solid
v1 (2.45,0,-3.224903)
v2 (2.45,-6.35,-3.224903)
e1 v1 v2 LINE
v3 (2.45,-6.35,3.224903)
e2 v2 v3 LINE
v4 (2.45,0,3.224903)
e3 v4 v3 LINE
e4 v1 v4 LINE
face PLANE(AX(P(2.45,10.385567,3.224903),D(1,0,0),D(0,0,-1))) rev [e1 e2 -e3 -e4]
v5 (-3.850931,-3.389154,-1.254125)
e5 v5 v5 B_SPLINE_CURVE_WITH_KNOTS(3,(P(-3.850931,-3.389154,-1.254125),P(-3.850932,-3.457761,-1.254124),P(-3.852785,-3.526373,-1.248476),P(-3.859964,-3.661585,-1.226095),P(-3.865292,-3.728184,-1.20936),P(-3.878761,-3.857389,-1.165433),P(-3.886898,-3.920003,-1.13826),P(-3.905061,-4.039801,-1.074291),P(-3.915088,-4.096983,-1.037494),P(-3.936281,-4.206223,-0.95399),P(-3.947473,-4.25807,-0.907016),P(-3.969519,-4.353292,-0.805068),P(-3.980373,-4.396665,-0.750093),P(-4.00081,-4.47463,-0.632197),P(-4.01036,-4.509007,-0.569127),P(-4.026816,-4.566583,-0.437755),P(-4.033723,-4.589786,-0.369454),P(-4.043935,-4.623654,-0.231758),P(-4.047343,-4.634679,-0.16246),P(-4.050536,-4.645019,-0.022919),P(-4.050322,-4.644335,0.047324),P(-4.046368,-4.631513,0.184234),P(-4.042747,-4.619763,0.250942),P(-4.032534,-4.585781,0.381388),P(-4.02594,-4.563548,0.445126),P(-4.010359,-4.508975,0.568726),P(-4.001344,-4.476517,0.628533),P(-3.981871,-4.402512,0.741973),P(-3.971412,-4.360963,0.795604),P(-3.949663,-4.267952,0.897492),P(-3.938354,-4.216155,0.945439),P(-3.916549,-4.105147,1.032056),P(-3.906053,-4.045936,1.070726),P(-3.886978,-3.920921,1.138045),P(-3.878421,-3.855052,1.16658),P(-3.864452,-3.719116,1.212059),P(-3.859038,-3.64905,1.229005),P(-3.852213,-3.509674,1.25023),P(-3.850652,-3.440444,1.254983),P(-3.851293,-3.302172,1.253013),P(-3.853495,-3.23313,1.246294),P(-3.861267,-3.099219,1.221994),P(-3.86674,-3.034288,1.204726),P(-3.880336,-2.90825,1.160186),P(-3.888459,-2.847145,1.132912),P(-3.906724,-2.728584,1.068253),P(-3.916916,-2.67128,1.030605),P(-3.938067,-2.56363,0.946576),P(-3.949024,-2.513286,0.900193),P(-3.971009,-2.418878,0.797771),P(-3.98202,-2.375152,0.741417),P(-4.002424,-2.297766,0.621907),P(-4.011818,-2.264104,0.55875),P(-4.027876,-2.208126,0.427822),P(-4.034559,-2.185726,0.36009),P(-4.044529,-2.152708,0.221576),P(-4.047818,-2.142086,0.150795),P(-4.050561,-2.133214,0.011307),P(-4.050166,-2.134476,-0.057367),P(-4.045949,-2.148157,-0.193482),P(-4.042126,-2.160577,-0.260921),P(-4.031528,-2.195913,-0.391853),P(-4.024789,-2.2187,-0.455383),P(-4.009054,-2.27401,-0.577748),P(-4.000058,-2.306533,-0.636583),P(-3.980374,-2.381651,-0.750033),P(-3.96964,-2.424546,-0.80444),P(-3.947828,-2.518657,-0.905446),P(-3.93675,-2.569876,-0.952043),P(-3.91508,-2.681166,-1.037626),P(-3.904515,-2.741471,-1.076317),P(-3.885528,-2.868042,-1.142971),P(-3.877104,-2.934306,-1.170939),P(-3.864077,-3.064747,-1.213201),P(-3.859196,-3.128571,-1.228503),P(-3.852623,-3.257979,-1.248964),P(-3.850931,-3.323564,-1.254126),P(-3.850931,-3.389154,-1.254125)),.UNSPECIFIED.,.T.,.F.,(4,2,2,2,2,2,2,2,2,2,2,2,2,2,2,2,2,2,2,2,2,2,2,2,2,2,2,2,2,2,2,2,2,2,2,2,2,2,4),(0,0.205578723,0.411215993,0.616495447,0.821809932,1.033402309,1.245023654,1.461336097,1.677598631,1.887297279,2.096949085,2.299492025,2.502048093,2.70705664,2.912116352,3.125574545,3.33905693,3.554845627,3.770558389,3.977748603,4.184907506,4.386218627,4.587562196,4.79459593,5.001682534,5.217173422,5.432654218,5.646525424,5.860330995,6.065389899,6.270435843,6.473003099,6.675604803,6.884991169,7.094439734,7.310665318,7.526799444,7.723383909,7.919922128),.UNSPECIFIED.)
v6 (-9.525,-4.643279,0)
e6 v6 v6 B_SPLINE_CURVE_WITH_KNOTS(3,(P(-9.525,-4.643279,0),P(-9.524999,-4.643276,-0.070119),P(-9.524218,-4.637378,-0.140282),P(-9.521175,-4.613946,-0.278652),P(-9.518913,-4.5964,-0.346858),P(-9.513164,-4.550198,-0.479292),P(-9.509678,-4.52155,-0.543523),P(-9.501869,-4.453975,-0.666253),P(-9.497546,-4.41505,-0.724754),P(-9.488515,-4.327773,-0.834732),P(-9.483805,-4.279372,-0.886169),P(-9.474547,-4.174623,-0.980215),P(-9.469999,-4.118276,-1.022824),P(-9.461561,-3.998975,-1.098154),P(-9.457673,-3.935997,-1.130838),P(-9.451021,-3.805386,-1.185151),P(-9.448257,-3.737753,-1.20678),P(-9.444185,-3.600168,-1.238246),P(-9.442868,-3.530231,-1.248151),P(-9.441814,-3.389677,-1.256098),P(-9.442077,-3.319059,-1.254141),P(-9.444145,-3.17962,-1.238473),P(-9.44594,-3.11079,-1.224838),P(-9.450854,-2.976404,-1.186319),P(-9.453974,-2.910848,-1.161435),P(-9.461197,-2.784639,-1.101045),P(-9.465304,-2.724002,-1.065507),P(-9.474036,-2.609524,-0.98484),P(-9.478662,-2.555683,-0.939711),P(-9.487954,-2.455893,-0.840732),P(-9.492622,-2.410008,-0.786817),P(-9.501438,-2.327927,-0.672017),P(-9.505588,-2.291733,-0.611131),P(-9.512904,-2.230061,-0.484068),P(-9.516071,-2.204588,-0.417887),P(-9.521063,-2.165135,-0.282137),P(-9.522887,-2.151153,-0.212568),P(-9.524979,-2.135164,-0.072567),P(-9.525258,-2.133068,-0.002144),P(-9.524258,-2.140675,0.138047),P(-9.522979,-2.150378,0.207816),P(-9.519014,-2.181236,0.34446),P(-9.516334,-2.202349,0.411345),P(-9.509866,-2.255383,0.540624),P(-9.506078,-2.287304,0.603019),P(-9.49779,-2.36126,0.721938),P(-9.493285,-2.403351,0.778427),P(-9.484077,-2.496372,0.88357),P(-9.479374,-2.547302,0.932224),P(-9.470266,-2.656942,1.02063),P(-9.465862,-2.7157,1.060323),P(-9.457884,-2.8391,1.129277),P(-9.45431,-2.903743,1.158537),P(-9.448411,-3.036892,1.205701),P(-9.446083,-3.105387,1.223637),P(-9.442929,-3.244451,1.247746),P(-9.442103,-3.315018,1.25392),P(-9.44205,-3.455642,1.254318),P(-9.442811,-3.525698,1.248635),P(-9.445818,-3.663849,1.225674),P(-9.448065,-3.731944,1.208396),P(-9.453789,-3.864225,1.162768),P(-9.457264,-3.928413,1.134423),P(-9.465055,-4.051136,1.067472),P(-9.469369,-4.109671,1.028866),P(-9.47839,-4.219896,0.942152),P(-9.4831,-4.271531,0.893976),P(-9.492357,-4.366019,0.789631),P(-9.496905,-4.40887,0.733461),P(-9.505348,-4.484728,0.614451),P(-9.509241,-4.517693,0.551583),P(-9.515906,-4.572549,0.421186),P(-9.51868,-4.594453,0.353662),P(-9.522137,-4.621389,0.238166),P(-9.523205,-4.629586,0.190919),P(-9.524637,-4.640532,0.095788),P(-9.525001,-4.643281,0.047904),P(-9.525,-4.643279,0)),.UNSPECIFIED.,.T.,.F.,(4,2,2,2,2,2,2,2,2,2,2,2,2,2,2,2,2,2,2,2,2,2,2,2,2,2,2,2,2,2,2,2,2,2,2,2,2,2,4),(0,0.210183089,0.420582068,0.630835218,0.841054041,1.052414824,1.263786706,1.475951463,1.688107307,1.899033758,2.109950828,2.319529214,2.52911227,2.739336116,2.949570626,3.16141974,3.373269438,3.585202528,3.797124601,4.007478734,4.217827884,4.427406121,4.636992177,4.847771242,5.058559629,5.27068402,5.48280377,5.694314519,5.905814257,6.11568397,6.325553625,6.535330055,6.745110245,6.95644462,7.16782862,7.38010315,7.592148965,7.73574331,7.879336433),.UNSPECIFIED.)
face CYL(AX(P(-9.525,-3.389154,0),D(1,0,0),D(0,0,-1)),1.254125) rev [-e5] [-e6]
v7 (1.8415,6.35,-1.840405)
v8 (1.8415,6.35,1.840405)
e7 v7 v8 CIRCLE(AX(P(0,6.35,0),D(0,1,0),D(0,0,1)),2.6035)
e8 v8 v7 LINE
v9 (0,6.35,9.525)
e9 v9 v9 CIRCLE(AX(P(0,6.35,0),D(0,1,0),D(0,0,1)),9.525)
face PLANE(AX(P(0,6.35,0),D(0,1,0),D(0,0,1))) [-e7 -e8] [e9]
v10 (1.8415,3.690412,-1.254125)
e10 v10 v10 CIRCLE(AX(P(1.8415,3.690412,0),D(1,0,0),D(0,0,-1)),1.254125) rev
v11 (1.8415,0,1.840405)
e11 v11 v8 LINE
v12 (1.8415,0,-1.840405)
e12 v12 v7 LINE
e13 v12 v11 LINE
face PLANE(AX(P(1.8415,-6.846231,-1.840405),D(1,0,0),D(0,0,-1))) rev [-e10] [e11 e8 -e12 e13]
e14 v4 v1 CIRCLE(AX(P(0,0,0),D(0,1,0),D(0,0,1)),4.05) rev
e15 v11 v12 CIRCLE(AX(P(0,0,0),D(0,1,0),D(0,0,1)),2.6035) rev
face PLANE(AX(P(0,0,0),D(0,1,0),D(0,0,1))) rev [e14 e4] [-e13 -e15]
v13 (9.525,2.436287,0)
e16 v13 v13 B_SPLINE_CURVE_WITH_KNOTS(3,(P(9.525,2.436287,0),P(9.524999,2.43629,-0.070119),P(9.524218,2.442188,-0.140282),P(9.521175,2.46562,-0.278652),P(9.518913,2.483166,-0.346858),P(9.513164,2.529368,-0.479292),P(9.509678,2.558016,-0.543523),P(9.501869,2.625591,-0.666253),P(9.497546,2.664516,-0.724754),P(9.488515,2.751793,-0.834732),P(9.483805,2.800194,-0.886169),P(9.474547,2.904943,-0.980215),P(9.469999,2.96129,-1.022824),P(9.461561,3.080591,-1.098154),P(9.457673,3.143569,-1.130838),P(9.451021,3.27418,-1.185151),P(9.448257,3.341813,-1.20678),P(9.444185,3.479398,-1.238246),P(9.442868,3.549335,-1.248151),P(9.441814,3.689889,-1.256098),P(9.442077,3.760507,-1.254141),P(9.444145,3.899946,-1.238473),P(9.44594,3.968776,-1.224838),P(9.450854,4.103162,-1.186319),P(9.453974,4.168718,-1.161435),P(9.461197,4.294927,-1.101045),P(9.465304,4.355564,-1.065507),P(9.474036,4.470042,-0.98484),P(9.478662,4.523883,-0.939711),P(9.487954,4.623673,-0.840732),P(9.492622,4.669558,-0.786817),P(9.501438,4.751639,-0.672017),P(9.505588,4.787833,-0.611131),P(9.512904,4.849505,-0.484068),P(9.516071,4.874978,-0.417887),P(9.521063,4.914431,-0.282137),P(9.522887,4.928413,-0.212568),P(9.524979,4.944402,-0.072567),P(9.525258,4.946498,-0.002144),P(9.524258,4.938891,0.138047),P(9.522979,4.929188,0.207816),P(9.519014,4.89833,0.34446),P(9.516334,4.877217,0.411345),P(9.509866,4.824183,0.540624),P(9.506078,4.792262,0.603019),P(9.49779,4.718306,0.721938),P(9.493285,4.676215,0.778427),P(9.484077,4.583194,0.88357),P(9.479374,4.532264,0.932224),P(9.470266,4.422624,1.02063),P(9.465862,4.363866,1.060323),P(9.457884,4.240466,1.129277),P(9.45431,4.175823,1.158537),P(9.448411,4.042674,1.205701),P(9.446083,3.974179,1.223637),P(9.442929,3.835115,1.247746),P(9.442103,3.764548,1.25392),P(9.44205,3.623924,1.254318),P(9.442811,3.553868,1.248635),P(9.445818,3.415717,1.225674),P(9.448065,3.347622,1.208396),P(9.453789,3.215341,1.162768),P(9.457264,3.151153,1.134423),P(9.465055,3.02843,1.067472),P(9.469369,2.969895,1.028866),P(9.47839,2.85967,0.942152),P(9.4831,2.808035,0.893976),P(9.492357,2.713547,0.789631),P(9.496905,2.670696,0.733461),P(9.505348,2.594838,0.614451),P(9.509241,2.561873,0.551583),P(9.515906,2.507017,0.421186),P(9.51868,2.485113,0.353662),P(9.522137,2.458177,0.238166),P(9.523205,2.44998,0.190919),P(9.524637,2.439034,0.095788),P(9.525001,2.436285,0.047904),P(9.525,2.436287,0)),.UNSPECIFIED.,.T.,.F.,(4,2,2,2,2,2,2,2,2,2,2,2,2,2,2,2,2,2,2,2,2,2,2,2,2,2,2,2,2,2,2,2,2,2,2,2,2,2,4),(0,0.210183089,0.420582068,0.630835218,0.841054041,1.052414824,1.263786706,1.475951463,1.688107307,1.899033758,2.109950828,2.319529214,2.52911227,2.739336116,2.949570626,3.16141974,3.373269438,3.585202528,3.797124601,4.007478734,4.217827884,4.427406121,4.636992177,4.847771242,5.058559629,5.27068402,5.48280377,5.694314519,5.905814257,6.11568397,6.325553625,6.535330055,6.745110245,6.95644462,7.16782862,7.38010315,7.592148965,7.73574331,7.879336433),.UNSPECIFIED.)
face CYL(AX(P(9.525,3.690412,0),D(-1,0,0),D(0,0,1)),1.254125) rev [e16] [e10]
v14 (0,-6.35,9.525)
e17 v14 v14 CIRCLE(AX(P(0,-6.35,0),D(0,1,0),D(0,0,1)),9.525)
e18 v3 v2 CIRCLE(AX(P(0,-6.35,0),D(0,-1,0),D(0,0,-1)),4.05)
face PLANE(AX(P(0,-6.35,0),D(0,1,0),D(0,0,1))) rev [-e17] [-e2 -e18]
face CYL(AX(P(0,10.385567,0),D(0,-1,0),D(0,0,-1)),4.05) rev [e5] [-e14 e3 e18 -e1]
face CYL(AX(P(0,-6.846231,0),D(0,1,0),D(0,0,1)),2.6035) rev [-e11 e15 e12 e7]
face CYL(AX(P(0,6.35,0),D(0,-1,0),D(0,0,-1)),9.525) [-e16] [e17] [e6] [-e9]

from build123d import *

# Parameters (mm, degrees)
SKETCH1_R           = 9.525
BOSS_EXTRUDE1_DEPTH = 6.35
CUT_EXTRUDE1_START  = -6.35
CUT_EXTRUDE1_DEPTH  = 6.35
CUT_EXTRUDE2_START  = -6.35
CUT_EXTRUDE2_DEPTH  = 6.35
SKETCH4_R           = 1.254125
CUT_EXTRUDE3_DEPTH  = 10.525
SKETCH4_3_R         = 1.254125
CUT_EXTRUDE4_DEPTH  = 10.5250001


with BuildPart() as part:
    # Sketch1 → Boss-Extrude1 (new body, symmetric)
    with BuildSketch(Plane(origin=(0, 0, 0), x_dir=(1, 0, 0), z_dir=(0, 1, 0))):
        Circle(SKETCH1_R)
    extrude(amount=BOSS_EXTRUDE1_DEPTH, both=True)

    # Sketch2 → Cut-Extrude1 (cut)
    with BuildSketch(Plane(origin=(0, 6.35, 0), x_dir=(1, 0, 0), z_dir=(0, 1, 0)).offset(CUT_EXTRUDE1_START)):
        with BuildLine():
            Line((1.8415, 1.840404847), (1.8415, -1.840404847))
            ThreePointArc((1.8415, -1.840404847), (-2.6035, 0), (1.8415, 1.840404847))
        make_face()
    extrude(amount=CUT_EXTRUDE1_DEPTH, mode=Mode.SUBTRACT)

    # Sketch3 → Cut-Extrude2 (cut)
    with BuildSketch(Plane.XZ.offset(6.35).offset(CUT_EXTRUDE2_START)):
        with BuildLine():
            Line((2.449999926, 3.224903191), (2.449999926, -3.224903191))
            ThreePointArc((2.449999926, -3.224903191), (-4.050000028, 0), (2.449999926, 3.224903191))
        make_face()
    extrude(amount=CUT_EXTRUDE2_DEPTH, mode=Mode.SUBTRACT)

    # Sketch4 → Cut-Extrude3 (cut, through all)
    with BuildSketch(Plane(origin=(0, 0, 0), x_dir=(0, 0, -1), z_dir=(1, 0, 0))):
        with Locations((0, -3.389153937)):
            Circle(SKETCH4_R)
    extrude(amount=-CUT_EXTRUDE3_DEPTH, mode=Mode.SUBTRACT)

    # Sketch4<3> → Cut-Extrude4 (cut, through all)
    with BuildSketch(Plane(origin=(0, 0, 0), x_dir=(0, 0, -1), z_dir=(1, 0, 0))):
        with Locations((0, 3.690412064)):
            Circle(SKETCH4_3_R)
    extrude(amount=CUT_EXTRUDE4_DEPTH, mode=Mode.SUBTRACT)


solid = part.part
